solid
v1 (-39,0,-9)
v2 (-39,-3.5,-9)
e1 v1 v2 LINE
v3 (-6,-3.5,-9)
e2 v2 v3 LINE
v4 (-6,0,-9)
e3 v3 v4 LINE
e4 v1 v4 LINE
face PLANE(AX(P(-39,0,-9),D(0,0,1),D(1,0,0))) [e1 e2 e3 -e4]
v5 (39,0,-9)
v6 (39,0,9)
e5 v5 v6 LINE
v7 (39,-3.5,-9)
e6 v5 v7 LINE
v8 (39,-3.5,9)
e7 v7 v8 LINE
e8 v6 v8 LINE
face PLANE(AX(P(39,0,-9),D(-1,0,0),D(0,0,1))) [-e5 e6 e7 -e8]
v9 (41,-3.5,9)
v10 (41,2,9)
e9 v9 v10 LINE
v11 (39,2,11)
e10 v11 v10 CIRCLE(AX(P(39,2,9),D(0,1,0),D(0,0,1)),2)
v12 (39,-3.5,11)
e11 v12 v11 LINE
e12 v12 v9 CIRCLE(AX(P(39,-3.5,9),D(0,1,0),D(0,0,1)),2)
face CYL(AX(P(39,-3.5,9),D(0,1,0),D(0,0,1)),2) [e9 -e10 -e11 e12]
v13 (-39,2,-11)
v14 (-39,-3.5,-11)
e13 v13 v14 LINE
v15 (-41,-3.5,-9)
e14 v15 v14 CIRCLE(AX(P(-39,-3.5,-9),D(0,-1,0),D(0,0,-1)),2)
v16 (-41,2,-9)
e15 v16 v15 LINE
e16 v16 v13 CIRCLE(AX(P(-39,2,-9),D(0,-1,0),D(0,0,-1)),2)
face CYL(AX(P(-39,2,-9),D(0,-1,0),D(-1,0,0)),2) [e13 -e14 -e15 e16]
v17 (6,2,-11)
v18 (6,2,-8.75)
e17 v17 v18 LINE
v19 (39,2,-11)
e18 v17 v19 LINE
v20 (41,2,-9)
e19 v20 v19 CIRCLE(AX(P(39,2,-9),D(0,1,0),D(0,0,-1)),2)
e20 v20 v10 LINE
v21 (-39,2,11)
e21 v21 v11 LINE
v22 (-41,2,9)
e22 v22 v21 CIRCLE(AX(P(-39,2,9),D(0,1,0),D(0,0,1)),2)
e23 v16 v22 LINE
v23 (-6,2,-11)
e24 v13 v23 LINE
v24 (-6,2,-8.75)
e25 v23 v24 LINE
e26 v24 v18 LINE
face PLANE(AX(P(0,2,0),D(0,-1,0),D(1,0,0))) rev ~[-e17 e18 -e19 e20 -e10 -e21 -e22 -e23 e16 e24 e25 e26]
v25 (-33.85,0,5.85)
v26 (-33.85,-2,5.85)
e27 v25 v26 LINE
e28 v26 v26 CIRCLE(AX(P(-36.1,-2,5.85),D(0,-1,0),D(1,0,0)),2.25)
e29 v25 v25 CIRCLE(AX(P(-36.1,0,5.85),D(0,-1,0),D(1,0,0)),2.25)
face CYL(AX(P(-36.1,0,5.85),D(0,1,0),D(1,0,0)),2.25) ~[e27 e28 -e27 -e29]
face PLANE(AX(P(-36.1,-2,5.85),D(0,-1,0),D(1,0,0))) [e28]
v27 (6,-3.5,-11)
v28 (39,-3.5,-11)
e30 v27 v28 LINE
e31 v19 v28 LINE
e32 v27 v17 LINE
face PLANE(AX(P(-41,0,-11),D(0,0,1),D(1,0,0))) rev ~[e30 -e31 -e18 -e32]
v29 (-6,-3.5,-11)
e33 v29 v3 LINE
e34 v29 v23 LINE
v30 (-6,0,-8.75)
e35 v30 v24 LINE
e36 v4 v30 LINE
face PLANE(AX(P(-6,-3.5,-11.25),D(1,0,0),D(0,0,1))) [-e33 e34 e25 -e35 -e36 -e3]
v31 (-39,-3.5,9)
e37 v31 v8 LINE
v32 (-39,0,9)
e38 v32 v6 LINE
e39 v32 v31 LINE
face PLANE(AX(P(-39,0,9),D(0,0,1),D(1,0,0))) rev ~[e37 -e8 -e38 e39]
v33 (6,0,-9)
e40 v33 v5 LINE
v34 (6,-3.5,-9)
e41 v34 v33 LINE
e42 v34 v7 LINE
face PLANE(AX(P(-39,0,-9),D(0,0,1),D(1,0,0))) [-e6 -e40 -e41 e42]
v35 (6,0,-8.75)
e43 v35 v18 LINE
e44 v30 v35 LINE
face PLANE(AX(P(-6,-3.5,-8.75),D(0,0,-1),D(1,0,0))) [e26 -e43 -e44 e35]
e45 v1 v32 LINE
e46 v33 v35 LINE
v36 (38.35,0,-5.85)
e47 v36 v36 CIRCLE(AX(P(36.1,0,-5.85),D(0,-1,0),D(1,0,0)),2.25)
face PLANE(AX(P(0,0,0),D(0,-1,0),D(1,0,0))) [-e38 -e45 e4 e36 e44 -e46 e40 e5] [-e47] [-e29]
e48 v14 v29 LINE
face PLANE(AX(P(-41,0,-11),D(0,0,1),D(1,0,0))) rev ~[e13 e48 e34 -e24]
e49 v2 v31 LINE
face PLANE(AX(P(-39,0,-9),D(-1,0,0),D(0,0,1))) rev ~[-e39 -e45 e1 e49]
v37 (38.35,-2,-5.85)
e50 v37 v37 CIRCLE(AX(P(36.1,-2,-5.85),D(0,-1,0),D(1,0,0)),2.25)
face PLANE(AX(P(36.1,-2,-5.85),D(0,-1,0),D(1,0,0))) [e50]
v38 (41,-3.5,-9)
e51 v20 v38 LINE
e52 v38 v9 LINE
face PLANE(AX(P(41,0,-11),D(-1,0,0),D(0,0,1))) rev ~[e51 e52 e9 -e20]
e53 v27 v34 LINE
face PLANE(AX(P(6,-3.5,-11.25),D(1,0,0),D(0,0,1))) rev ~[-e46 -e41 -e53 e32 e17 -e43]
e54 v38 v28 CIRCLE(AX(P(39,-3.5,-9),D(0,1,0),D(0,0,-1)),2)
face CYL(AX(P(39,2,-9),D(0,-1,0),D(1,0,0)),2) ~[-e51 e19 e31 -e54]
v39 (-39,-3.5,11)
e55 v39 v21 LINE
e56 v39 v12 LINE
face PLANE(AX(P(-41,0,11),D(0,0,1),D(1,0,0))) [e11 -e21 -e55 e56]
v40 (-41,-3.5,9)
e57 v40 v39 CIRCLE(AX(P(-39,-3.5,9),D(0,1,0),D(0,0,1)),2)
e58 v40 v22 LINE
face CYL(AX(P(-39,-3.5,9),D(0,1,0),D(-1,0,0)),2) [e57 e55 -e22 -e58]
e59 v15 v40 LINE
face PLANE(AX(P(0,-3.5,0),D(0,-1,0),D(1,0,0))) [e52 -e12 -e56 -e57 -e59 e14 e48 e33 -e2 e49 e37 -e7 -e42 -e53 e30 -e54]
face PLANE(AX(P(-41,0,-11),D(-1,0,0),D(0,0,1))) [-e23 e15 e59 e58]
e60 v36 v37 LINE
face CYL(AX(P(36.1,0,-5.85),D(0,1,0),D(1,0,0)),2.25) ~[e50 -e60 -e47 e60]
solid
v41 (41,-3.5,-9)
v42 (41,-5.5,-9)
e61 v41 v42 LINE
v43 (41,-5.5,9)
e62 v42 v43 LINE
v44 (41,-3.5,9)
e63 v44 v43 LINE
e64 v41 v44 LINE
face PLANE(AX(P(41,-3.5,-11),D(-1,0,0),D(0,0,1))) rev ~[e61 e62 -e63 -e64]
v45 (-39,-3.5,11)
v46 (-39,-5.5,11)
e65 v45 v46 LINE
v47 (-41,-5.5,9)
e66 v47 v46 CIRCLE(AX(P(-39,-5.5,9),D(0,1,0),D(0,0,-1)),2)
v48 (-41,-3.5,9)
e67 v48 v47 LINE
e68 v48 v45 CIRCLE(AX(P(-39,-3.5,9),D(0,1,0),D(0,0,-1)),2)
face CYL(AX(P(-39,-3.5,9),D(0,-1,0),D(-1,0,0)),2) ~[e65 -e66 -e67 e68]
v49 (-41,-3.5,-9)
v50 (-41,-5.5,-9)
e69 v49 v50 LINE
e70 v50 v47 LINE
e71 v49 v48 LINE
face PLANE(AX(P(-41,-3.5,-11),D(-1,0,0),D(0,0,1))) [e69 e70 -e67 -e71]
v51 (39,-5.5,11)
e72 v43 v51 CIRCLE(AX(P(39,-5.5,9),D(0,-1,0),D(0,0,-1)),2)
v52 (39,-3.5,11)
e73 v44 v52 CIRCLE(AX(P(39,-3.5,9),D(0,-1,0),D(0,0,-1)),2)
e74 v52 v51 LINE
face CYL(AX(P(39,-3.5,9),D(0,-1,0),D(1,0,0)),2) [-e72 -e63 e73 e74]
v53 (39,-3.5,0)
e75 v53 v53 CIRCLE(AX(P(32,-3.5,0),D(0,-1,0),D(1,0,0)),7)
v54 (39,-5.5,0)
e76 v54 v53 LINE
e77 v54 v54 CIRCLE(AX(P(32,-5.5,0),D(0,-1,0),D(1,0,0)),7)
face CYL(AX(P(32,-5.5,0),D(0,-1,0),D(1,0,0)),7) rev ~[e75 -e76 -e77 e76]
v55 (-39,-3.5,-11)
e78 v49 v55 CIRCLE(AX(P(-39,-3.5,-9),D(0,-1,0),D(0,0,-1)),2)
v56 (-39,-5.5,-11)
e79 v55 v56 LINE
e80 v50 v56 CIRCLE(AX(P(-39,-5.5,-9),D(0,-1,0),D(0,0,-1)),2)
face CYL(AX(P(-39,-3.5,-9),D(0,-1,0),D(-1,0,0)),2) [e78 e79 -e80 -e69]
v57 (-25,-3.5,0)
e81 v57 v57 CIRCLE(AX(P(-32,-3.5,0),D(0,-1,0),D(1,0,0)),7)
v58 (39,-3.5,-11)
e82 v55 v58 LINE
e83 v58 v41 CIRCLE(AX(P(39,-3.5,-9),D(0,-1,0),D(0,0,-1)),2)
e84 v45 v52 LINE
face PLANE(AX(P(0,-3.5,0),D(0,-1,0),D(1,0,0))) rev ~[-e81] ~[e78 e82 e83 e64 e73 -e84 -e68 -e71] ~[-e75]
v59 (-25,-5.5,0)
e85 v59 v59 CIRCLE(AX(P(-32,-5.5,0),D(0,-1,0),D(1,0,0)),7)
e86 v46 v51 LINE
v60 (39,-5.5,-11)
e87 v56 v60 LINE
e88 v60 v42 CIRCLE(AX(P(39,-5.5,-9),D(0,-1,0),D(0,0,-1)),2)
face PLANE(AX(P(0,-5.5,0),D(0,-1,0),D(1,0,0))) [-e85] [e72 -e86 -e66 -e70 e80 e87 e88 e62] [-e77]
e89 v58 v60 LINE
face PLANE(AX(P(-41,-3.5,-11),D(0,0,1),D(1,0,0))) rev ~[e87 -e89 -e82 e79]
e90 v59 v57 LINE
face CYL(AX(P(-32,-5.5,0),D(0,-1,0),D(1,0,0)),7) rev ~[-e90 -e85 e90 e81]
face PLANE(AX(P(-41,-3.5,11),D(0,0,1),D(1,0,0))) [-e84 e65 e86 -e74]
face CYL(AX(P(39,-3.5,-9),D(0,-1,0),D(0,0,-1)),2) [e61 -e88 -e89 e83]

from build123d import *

# Parameters (mm, degrees)
F0_W      = 82
F0_H      = 22
F2_DEPTH  = 2
F1_R      = 2.25
F3_DEPTH  = 2
F4_W      = 82
F4_H      = 22
F4_W_2    = 78
F4_H_2    = 18
F5_DEPTH  = 3.5
F6_W      = 12
F6_H      = 2.5
F7_DEPTH  = 5.5
F8_R      = 2
F9_W      = 82
F9_H      = 22
F10_DEPTH = 2
F11_R     = 2
F12_R     = 7
F13_DEPTH = 2


with BuildPart() as f2:
    # F0 (on Front) → F2 (new body)
    with BuildSketch(Plane.XZ):
        Rectangle(F0_W, F0_H)
    extrude(amount=-F2_DEPTH)

    # F1 (on Front) → F3 (join)
    with BuildSketch(Plane.XZ):
        with Locations((-36.1, 5.85)):
            Circle(F1_R)
        with Locations((36.1, -5.85)):
            Circle(F1_R)
    extrude(amount=F3_DEPTH)

    # F4 (on face) → F5 (join)
    with BuildSketch(Plane.XZ):
        Rectangle(F4_W, F4_H)
        Rectangle(F4_W_2, F4_H_2, mode=Mode.SUBTRACT)
    extrude(amount=F5_DEPTH)

    # F6 (on face) → F7 (cut, through all)
    with BuildSketch(Plane.XZ.offset(3.5)):
        with Locations((0, -10)):
            Rectangle(F6_W, F6_H)
    extrude(amount=-F7_DEPTH, mode=Mode.SUBTRACT)

    # F8
    f8_edges = [f2.edges().sort_by_distance(p)[0] for p in [
        (-41, -0.75, 11),
        (41, -0.75, 11),
        (41, -0.75, -11),
        (-41, -0.75, -11),
    ]]
    fillet(f8_edges, radius=F8_R)


with BuildPart() as f10:
    # F9 (on face) → F10 (new body)
    with BuildSketch(Plane.XZ.offset(3.5)):
        Rectangle(F9_W, F9_H)
    extrude(amount=F10_DEPTH)

    # F11
    f11_edges = [f10.edges().sort_by_distance(p)[0] for p in [
        (41, -4.5, 11),
        (41, -4.5, -11),
        (-41, -4.5, -11),
        (-41, -4.5, 11),
    ]]
    fillet(f11_edges, radius=F11_R)

    # F12 (on face) → F13 (cut)
    with BuildSketch(Plane.XZ.offset(5.5)):
        with Locations((-32, 0)):
            Circle(F12_R)
        with Locations((32, 0)):
            Circle(F12_R)
    extrude(amount=-F13_DEPTH, mode=Mode.SUBTRACT)


solid = Compound([f2.part, f10.part])
